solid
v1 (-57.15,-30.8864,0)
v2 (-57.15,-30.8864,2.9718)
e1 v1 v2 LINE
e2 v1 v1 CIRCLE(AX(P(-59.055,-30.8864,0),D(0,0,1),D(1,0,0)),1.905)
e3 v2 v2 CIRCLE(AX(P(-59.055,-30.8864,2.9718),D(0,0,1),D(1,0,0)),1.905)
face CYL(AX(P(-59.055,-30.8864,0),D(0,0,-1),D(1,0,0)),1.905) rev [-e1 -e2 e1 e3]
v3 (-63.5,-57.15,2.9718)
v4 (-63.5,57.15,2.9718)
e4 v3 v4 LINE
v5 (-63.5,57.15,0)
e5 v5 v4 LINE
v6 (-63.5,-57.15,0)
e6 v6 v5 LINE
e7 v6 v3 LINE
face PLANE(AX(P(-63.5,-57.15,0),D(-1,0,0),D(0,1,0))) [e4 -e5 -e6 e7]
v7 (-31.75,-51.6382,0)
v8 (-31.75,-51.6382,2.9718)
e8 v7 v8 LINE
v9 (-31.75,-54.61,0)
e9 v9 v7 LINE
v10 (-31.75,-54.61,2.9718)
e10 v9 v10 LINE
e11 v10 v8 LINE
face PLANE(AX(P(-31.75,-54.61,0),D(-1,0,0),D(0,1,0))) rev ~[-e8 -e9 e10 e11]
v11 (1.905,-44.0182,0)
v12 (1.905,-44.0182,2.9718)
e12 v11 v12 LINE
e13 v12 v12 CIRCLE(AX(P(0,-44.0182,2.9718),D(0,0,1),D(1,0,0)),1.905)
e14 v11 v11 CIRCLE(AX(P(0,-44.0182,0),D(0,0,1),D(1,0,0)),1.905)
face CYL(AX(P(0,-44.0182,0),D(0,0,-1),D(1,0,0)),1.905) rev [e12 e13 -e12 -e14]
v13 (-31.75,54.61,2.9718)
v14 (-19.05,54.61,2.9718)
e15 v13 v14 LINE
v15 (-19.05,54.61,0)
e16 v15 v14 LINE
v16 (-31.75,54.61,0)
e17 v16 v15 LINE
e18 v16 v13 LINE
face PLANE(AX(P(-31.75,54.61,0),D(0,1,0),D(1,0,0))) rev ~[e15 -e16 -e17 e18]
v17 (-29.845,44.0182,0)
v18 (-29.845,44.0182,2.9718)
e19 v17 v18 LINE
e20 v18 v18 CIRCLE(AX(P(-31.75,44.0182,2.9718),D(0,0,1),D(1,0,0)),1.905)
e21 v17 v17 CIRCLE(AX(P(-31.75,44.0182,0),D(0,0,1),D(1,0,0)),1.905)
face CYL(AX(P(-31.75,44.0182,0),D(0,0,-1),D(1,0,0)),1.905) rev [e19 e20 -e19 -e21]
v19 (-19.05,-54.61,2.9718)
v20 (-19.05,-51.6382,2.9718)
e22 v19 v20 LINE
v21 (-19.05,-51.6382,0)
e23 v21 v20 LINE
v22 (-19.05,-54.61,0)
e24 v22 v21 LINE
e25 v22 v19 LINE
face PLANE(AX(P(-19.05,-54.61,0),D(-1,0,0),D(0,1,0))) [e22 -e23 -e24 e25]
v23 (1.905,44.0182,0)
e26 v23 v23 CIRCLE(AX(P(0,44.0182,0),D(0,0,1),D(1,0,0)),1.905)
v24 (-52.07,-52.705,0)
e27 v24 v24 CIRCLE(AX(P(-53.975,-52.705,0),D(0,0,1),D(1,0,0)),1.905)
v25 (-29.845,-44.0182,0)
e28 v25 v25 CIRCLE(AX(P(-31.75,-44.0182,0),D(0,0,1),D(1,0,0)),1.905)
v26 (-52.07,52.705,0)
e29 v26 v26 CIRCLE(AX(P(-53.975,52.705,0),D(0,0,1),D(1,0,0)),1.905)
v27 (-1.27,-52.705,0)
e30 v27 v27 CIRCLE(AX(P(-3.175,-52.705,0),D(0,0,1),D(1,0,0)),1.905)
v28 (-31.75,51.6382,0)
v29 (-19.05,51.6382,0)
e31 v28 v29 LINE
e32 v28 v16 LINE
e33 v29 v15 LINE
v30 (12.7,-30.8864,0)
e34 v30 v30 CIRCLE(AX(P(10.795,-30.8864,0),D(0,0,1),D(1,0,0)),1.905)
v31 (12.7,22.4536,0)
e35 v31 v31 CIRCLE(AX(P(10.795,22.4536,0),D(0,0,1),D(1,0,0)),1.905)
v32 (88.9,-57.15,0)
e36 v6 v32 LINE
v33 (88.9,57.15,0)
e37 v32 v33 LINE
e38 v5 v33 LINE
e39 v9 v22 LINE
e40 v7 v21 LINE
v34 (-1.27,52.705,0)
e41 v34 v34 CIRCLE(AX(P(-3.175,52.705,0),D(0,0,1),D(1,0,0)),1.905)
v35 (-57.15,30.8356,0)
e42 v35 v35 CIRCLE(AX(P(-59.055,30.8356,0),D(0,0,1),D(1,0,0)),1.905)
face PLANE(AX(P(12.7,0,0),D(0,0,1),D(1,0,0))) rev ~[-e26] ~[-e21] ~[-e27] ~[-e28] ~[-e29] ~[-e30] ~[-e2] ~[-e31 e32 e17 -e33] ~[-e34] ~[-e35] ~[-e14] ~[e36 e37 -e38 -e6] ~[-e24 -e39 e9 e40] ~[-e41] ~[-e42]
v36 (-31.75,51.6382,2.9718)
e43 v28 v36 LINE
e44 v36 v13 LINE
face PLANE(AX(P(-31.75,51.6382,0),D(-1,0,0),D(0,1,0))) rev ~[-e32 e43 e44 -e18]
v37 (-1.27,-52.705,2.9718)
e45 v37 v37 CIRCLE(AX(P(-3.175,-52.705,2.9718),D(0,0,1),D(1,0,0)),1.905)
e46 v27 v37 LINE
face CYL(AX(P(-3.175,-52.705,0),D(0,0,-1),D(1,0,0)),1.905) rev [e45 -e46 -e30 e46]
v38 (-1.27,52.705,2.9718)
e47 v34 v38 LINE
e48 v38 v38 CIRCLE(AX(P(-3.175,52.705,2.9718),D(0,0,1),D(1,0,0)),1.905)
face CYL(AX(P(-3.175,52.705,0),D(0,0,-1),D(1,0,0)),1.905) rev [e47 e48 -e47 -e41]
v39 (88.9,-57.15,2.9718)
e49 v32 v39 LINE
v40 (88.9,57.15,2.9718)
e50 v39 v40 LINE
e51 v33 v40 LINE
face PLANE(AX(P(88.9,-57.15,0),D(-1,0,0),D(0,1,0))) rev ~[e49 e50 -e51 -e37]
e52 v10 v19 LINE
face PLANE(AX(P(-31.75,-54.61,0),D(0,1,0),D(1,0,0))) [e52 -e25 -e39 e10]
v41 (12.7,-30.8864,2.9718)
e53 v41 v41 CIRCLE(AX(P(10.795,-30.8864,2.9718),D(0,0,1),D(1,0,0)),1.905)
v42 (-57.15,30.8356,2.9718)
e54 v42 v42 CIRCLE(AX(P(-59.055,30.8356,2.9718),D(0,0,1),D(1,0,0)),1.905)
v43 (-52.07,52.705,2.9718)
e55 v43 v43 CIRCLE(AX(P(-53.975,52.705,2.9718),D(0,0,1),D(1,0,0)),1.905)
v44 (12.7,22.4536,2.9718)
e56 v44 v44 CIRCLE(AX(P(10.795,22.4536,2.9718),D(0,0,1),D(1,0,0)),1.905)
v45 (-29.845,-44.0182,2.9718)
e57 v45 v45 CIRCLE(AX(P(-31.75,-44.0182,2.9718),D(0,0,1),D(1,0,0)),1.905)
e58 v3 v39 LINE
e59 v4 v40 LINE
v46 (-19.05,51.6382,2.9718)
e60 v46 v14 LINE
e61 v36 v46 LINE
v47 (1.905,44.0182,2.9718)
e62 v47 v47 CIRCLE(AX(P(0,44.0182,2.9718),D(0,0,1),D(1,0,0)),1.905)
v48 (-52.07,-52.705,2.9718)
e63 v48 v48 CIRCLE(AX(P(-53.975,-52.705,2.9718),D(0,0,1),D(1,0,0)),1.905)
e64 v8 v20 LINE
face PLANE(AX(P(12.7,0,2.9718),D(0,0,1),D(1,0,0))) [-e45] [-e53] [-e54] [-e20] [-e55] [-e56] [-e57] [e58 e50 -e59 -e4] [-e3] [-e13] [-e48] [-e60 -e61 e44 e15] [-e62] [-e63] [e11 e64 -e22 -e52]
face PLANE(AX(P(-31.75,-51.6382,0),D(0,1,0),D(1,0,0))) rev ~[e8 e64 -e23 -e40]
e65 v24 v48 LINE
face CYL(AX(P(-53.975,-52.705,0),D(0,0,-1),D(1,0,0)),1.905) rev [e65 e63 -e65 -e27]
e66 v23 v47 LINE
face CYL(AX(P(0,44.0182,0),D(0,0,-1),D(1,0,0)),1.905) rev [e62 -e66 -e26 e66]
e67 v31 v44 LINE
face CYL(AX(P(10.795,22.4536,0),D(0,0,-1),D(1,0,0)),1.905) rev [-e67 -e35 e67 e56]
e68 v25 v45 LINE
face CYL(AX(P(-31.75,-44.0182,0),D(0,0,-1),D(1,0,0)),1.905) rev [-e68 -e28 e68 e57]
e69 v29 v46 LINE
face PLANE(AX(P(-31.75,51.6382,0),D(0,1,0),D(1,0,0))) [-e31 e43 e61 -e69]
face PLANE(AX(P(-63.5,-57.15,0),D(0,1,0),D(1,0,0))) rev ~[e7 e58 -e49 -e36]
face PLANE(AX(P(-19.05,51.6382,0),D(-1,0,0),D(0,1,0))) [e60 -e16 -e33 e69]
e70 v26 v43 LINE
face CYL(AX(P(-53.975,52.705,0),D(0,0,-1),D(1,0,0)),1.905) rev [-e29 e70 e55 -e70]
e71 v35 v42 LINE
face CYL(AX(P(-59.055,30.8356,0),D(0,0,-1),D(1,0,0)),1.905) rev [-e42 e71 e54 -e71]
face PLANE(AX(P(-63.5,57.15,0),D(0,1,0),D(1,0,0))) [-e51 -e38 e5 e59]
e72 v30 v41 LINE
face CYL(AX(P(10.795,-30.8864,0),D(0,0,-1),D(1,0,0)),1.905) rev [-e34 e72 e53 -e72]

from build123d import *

# Parameters (mm, degrees)
F0_W     = 152.4
F0_H     = 114.3
F0_R     = 1.905
F0_W_2   = 12.7
F0_H_2   = 2.9718
F1_DEPTH = 2.9718


with BuildPart() as f1:
    # F0 (on Top) → F1 (new body)
    with BuildSketch(Plane.XY):
        with Locations((12.7, 0)):
            Rectangle(F0_W, F0_H)
        with Locations((-53.975, -52.705)):
            Circle(F0_R, mode=Mode.SUBTRACT)
        with Locations((-31.75, -44.0182)):
            Circle(F0_R, mode=Mode.SUBTRACT)
        with Locations((-59.055, -30.8864)):
            Circle(F0_R, mode=Mode.SUBTRACT)
        with Locations((-25.4, -53.1241)):
            Rectangle(F0_W_2, F0_H_2, mode=Mode.SUBTRACT)
        with Locations((-3.175, -52.705)):
            Circle(F0_R, mode=Mode.SUBTRACT)
        with Locations((0, -44.0182)):
            Circle(F0_R, mode=Mode.SUBTRACT)
        with Locations((10.795, -30.8864)):
            Circle(F0_R, mode=Mode.SUBTRACT)
        with Locations((10.795, 22.4536)):
            Circle(F0_R, mode=Mode.SUBTRACT)
        with Locations((-59.055, 30.8356)):
            Circle(F0_R, mode=Mode.SUBTRACT)
        with Locations((-53.975, 52.705)):
            Circle(F0_R, mode=Mode.SUBTRACT)
        with Locations((-31.75, 44.0182)):
            Circle(F0_R, mode=Mode.SUBTRACT)
        with Locations((-25.4, 53.1241)):
            Rectangle(F0_W_2, F0_H_2, mode=Mode.SUBTRACT)
        with Locations((0, 44.0182)):
            Circle(F0_R, mode=Mode.SUBTRACT)
        with Locations((-3.175, 52.705)):
            Circle(F0_R, mode=Mode.SUBTRACT)
    extrude(amount=F1_DEPTH)


solid = f1.part
